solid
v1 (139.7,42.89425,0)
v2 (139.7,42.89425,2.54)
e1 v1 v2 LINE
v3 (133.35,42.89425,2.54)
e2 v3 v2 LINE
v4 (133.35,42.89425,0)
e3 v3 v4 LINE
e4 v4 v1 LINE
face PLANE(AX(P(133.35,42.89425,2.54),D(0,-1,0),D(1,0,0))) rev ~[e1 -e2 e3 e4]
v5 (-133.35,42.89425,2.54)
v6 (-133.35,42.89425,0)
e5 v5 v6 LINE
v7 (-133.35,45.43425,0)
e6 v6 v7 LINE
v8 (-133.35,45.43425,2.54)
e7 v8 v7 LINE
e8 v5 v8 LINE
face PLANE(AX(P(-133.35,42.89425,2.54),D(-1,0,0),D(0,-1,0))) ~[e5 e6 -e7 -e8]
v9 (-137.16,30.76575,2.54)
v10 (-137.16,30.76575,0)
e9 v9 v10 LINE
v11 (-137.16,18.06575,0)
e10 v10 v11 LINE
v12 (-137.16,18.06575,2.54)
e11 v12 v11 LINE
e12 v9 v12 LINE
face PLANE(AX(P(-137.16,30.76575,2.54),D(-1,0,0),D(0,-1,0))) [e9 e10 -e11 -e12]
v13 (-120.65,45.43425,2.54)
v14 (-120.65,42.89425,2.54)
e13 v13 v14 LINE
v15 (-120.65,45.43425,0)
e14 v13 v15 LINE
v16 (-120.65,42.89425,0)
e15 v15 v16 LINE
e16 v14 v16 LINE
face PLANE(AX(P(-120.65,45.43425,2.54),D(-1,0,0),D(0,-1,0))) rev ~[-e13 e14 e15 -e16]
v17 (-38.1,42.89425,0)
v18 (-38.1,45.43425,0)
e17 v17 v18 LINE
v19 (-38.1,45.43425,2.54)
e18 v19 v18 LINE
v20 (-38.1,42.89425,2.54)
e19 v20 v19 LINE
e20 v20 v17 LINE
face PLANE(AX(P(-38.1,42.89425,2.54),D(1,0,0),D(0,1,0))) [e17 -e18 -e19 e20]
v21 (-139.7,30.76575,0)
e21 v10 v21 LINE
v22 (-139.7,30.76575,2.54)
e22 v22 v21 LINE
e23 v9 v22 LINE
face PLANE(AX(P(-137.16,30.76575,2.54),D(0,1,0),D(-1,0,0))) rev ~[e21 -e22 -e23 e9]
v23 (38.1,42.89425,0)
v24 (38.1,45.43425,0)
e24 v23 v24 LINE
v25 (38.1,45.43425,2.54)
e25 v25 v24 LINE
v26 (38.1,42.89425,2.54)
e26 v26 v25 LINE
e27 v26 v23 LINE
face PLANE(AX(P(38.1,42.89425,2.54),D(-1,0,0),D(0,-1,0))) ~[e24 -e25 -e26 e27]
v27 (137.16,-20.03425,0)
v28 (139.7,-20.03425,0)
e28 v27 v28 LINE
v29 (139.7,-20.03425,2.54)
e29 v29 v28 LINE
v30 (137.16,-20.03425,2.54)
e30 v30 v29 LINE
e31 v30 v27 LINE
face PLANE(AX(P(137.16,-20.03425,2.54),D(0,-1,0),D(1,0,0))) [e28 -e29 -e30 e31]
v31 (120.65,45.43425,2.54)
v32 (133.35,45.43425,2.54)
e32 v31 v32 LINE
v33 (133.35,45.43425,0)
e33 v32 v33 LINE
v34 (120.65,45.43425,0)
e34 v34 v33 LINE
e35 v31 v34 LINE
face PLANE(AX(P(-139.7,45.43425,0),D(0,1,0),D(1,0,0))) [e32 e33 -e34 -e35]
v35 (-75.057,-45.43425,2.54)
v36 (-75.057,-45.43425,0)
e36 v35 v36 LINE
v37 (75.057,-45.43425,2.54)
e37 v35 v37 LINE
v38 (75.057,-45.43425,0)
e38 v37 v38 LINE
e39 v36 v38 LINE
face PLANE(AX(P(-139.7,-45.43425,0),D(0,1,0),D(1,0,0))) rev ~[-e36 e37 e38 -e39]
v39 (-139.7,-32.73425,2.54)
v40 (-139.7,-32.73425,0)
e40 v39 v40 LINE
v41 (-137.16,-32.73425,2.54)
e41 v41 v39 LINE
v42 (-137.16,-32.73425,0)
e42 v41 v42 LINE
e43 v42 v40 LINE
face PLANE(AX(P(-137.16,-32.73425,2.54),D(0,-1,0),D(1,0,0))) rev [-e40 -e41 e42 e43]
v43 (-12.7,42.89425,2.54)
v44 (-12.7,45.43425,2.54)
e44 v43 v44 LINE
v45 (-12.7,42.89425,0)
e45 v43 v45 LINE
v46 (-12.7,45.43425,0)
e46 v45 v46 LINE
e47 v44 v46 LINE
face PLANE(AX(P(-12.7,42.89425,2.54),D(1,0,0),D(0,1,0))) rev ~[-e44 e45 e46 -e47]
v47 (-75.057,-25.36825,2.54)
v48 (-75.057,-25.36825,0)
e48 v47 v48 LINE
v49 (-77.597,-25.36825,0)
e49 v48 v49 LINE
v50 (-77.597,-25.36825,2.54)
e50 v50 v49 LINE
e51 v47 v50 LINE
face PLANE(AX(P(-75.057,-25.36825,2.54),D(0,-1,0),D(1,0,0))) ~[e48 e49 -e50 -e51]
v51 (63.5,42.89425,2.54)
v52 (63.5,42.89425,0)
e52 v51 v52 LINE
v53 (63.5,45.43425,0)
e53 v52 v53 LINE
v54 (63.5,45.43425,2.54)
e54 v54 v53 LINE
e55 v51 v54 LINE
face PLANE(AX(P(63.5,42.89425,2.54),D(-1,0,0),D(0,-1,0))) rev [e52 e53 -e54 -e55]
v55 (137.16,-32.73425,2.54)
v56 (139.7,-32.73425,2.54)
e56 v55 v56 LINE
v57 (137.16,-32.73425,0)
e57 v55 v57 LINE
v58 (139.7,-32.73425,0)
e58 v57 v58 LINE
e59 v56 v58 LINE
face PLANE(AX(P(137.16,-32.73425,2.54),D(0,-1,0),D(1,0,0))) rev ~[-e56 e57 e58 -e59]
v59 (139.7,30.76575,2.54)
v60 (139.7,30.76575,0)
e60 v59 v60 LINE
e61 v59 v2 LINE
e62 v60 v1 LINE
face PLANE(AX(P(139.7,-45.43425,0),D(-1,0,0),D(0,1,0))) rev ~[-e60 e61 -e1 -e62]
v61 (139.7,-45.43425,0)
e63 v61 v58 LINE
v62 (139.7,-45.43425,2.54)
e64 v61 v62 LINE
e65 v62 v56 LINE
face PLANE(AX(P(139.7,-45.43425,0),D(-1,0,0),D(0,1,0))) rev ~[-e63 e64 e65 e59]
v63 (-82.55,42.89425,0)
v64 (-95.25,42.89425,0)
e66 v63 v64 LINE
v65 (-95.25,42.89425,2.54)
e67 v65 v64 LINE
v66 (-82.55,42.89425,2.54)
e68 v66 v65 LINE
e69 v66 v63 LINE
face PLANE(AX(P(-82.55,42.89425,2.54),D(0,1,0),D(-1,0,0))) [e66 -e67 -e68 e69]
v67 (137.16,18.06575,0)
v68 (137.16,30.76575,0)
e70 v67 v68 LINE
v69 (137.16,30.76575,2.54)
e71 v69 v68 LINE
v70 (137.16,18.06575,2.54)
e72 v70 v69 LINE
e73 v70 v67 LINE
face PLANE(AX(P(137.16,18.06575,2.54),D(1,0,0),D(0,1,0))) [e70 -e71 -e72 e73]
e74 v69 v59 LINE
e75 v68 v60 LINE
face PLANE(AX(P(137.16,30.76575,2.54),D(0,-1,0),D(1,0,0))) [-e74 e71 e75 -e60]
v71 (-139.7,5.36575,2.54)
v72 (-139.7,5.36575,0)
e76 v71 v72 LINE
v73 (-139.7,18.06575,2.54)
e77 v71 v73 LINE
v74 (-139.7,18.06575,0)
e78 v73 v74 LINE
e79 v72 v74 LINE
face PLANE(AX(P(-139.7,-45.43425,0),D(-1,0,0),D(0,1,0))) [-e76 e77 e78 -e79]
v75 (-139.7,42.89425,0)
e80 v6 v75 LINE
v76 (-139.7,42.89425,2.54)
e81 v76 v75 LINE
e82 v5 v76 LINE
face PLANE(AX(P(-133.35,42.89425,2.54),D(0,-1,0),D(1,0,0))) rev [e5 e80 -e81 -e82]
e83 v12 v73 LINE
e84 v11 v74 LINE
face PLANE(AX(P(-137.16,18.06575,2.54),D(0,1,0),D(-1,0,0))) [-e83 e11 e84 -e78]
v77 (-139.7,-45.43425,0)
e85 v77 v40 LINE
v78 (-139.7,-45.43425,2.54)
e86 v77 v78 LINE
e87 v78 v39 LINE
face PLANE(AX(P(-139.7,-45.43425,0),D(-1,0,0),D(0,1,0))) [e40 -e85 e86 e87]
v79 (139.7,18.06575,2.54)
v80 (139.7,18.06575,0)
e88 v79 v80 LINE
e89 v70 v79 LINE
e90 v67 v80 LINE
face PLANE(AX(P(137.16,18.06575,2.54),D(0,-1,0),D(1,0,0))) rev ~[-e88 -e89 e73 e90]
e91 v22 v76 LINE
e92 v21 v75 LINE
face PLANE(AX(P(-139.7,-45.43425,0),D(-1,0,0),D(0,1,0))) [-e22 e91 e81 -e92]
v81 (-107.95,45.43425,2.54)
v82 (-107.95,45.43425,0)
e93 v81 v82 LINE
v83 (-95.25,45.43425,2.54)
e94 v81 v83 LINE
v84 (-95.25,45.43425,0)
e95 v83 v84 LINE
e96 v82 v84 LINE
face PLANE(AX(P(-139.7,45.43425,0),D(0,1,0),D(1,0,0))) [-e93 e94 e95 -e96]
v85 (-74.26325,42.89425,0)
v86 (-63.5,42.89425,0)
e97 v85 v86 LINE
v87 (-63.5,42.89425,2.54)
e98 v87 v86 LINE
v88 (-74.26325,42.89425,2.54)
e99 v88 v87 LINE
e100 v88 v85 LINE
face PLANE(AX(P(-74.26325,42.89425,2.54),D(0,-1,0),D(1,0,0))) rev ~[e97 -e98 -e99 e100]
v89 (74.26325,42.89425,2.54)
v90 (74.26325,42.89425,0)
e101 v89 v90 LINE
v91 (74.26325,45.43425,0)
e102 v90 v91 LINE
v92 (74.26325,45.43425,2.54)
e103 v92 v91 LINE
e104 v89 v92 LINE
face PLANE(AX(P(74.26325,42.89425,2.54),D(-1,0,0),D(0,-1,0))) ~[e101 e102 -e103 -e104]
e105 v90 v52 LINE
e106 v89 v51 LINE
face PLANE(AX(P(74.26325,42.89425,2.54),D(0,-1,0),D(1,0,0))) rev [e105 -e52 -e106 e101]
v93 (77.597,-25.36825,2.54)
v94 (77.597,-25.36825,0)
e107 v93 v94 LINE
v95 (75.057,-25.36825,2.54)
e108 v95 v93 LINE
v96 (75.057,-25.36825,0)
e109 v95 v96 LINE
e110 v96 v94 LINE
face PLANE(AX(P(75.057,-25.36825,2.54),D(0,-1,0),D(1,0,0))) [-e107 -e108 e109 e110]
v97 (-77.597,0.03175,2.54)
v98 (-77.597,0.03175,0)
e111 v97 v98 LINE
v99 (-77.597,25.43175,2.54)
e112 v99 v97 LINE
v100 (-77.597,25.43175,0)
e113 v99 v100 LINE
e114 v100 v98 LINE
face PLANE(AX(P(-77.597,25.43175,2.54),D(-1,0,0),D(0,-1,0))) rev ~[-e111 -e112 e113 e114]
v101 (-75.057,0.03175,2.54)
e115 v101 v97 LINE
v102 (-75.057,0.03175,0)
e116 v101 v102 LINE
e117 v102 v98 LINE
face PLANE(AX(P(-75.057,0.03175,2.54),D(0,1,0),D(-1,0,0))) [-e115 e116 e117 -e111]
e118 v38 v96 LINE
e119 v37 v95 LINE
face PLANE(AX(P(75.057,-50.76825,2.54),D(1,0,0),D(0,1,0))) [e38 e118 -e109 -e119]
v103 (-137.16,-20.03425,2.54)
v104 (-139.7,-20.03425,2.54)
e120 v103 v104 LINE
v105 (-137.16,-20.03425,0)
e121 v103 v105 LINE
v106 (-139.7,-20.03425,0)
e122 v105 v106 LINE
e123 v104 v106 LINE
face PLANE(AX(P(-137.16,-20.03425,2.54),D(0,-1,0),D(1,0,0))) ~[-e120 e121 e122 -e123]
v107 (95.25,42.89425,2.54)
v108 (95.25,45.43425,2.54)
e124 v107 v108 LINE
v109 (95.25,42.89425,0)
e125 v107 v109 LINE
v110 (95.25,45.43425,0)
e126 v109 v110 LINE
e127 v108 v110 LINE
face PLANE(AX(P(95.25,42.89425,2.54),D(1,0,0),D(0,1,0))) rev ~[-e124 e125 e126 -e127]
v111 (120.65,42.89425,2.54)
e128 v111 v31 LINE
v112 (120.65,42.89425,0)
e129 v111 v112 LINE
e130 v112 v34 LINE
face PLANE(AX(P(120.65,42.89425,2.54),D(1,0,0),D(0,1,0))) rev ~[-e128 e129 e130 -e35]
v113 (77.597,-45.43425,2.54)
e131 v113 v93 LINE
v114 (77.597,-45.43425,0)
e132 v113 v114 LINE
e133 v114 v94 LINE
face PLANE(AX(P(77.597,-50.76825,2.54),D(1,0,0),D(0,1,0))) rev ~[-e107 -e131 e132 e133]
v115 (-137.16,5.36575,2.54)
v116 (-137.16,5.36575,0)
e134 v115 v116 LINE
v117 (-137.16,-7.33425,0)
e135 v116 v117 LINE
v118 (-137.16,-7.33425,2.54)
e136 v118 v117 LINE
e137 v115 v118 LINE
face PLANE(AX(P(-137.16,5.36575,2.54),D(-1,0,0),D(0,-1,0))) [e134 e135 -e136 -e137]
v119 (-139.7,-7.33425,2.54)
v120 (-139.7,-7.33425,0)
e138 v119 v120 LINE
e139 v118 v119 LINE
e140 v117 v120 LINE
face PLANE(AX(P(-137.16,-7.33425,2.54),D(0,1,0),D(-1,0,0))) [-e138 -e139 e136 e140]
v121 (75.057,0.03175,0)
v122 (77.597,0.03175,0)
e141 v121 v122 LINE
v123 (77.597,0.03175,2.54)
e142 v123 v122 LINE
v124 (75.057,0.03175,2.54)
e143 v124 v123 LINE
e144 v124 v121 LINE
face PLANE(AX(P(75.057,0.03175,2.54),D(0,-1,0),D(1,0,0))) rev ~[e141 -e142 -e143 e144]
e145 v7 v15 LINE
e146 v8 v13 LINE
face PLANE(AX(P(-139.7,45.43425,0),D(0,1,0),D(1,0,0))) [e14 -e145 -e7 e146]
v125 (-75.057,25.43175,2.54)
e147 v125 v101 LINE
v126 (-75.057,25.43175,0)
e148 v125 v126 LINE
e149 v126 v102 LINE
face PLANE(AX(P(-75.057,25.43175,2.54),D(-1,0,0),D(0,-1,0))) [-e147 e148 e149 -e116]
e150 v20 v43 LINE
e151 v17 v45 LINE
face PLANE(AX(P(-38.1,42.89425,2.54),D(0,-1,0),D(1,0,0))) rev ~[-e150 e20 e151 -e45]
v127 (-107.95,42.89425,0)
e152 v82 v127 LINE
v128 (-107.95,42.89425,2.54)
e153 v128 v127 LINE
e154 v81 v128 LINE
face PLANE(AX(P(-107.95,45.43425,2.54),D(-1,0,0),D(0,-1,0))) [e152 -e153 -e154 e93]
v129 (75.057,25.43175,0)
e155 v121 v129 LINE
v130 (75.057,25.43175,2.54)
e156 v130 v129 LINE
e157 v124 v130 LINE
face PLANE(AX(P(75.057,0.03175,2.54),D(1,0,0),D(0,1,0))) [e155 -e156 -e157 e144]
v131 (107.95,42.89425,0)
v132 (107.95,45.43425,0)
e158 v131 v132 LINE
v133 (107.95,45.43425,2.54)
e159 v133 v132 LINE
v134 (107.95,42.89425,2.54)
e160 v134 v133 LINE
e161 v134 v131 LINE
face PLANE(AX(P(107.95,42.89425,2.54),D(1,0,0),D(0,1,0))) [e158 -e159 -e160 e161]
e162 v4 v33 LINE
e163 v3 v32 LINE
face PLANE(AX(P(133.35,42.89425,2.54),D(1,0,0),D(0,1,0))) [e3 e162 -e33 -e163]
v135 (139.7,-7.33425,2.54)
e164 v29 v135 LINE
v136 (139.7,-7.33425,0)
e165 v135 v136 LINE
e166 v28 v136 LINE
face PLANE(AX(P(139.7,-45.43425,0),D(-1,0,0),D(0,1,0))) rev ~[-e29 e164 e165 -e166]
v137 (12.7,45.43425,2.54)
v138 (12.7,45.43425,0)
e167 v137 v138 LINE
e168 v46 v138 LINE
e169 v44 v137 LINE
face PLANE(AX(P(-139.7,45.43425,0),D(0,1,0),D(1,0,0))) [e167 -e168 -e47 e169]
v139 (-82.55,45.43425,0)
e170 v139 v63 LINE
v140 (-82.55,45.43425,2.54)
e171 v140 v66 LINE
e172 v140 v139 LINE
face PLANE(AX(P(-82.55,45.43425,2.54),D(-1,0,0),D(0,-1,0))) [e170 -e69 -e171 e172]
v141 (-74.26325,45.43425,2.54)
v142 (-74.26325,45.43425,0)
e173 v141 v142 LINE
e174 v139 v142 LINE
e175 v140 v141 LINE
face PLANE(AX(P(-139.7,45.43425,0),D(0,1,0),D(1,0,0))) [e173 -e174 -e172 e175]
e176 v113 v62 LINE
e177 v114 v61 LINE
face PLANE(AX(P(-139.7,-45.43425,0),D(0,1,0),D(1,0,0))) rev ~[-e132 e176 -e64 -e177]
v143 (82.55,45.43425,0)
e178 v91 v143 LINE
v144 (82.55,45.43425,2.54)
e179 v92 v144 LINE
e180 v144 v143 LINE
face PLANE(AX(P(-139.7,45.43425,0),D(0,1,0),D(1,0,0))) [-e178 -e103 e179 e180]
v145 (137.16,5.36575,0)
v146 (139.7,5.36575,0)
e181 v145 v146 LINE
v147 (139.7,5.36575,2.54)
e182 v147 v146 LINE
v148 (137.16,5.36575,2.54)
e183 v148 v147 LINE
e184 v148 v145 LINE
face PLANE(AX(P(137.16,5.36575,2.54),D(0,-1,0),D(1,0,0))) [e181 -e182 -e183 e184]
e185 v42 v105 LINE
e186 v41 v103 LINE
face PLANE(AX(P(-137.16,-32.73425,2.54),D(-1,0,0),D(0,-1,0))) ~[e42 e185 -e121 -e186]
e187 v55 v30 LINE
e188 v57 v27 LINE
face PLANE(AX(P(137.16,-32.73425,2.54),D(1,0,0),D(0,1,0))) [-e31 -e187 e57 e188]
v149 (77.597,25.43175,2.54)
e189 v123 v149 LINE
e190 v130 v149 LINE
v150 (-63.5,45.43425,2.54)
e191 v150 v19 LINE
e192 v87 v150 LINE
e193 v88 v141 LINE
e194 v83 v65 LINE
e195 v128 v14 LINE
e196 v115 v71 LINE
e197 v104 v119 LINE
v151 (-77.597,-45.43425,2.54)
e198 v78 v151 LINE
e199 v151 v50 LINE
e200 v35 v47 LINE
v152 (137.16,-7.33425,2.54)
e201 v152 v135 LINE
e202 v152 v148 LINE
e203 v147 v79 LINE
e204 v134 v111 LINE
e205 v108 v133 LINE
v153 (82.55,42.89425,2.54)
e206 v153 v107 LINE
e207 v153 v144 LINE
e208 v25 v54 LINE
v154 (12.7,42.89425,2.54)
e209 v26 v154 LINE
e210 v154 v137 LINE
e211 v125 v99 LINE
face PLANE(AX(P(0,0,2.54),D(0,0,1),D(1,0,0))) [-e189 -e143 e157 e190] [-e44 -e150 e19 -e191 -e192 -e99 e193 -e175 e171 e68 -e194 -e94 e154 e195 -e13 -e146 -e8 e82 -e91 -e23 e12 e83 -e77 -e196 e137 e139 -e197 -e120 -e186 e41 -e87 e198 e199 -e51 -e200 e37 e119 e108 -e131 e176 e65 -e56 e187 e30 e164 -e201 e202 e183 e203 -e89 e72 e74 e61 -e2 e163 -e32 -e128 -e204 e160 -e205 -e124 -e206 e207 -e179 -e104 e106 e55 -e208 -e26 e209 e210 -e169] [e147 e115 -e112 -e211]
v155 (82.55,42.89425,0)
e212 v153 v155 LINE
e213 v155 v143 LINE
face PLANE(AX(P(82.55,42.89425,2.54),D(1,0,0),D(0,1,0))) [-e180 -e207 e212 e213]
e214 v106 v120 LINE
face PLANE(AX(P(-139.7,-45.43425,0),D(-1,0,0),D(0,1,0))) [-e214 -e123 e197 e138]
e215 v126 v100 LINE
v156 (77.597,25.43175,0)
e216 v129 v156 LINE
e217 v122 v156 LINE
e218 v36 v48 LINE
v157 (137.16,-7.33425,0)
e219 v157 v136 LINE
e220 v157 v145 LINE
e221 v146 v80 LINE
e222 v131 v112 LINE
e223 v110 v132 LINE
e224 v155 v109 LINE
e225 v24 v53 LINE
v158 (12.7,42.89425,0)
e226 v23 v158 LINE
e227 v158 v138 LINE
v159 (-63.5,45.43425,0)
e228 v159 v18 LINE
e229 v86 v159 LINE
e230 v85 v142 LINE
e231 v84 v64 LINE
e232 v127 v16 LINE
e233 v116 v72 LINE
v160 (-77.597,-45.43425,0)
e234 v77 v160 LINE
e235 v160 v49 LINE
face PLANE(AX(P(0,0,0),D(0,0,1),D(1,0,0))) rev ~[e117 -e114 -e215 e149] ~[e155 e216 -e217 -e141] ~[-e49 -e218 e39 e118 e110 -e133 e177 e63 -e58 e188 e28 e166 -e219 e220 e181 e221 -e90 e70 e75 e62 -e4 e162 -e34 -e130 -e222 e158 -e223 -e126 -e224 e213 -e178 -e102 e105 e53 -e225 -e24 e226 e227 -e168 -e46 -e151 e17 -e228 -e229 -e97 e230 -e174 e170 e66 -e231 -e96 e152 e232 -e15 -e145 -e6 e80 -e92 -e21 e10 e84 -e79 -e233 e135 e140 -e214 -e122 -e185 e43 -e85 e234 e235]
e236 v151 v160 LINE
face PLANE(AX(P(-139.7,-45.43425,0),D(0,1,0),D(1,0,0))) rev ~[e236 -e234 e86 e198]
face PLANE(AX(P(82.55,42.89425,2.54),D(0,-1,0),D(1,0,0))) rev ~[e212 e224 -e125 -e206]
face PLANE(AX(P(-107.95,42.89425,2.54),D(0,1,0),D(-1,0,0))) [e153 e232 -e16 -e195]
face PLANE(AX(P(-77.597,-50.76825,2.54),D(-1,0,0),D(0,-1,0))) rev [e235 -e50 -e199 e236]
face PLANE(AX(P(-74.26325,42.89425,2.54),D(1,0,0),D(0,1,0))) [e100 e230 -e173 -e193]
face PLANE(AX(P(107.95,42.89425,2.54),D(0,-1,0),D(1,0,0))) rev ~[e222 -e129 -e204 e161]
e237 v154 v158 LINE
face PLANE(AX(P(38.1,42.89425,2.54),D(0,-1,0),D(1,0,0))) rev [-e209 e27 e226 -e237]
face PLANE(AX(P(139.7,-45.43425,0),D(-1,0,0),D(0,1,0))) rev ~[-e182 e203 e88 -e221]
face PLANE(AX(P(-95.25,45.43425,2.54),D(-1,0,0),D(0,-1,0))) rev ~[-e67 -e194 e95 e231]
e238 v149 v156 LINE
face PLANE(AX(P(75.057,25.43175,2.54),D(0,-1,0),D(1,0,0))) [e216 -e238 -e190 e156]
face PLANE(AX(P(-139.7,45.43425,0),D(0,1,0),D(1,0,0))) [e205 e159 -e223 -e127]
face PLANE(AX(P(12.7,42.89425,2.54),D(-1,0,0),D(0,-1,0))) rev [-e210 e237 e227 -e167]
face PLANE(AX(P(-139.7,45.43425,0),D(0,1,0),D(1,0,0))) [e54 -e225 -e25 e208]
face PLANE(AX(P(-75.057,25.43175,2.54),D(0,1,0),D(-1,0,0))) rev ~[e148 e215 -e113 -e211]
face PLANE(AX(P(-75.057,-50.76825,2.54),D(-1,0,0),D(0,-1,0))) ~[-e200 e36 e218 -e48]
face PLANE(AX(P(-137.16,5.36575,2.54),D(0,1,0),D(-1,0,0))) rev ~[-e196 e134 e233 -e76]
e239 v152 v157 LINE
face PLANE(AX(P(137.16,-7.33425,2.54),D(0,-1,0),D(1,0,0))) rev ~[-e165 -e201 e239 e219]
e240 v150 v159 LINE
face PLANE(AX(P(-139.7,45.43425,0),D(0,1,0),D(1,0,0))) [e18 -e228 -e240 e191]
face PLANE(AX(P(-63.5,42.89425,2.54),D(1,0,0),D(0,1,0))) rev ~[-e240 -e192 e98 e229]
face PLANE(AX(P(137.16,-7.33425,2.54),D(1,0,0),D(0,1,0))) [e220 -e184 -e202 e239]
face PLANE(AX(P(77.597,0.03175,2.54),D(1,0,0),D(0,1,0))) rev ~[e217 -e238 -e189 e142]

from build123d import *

# Parameters (mm, degrees)
SKETCH1_W               = 279.4
SKETCH1_H               = 90.8685
BOSS_EXTRUDE1_DEPTH     = 2.54
SKETCH2_W               = 12.7
SKETCH2_H               = 2.54
CUT_EXTRUDE1_DEPTH      = 147.92451352
LPATTERN1_COUNT         = 3
LPATTERN1_PITCH         = 25.4
MIRROR1_COPY_1_SKETCH_W = 12.7
MIRROR1_COPY_1_SKETCH_H = 2.54
MIRROR1_COPY_1_DEPTH    = 147.92451352
MIRROR1_COPY_2_SKETCH_W = 12.7
MIRROR1_COPY_2_SKETCH_H = 2.54
MIRROR1_COPY_2_DEPTH    = 147.92451352
SKETCH3_W               = 2.54
SKETCH3_H               = 25.4
CUT_EXTRUDE2_DEPTH      = 147.92451352
LPATTERN2_COUNT         = 2
LPATTERN2_PITCH         = 50.8
MIRROR2_COPY_1_SKETCH_W = 2.54
MIRROR2_COPY_1_SKETCH_H = 25.4
MIRROR2_COPY_1_DEPTH    = 147.92451352
SKETCH4_W               = 2.54
SKETCH4_H               = 12.7
CUT_EXTRUDE3_DEPTH      = 147.92451352
LPATTERN3_COUNT         = 3
LPATTERN3_PITCH         = 25.4
MIRROR3_COPY_1_SKETCH_W = 2.54
MIRROR3_COPY_1_SKETCH_H = 12.7
MIRROR3_COPY_1_DEPTH    = 147.92451352
MIRROR3_COPY_2_SKETCH_W = 2.54
MIRROR3_COPY_2_SKETCH_H = 12.7
MIRROR3_COPY_2_DEPTH    = 147.92451352
SKETCH5_W               = 25.4
SKETCH5_H               = 2.54
SKETCH5_W_2             = 10.76325
CUT_EXTRUDE4_DEPTH      = 147.92451352


with BuildPart() as part:
    # Sketch1 → Boss-Extrude1 (new body)
    with BuildSketch(Plane.XY):
        Rectangle(SKETCH1_W, SKETCH1_H)
    extrude(amount=BOSS_EXTRUDE1_DEPTH)

    # Sketch2 → Cut-Extrude1 (cut, through all)
    with BuildSketch(Plane.XY.offset(2.54)):
        with Locations((139.7, 44.16425)):
            Rectangle(SKETCH2_W, SKETCH2_H)
    cut_extrude1 = extrude(amount=-CUT_EXTRUDE1_DEPTH, mode=Mode.SUBTRACT)

    # LPattern1: Cut-Extrude1 ×3
    with Locations(*[(-i * LPATTERN1_PITCH, 0, 0) for i in range(1, LPATTERN1_COUNT)]):
        add(cut_extrude1, mode=Mode.SUBTRACT)

    # Mirror1: Cut-Extrude1 across plane
    add(cut_extrude1.mirror(Plane(origin=(0, 0, 0), x_dir=(0, 0, 1), z_dir=(1, 0, 0))), mode=Mode.SUBTRACT)

    # Mirror1 copy 1 sketch → Mirror1 copy 1 (cut, through all)
    with BuildSketch(Plane(origin=(25.4, 0, 2.54), x_dir=(-1, 0, 0), z_dir=(0, 0, 1))):
        with Locations((139.7, -44.16425)):
            Rectangle(MIRROR1_COPY_1_SKETCH_W, MIRROR1_COPY_1_SKETCH_H)
    extrude(amount=-MIRROR1_COPY_1_DEPTH, mode=Mode.SUBTRACT)

    # Mirror1 copy 2 sketch → Mirror1 copy 2 (cut, through all)
    with BuildSketch(Plane(origin=(50.8, 0, 2.54), x_dir=(-1, 0, 0), z_dir=(0, 0, 1))):
        with Locations((139.7, -44.16425)):
            Rectangle(MIRROR1_COPY_2_SKETCH_W, MIRROR1_COPY_2_SKETCH_H)
    extrude(amount=-MIRROR1_COPY_2_DEPTH, mode=Mode.SUBTRACT)

    # Sketch3 → Cut-Extrude2 (cut, through all)
    with BuildSketch(Plane.XY.offset(2.54)):
        with Locations((76.327, -38.06825)):
            Rectangle(SKETCH3_W, SKETCH3_H)
    cut_extrude2 = extrude(amount=-CUT_EXTRUDE2_DEPTH, mode=Mode.SUBTRACT)

    # LPattern2: Cut-Extrude2 ×2
    with Locations(*[(0, i * LPATTERN2_PITCH, 0) for i in range(1, LPATTERN2_COUNT)]):
        add(cut_extrude2, mode=Mode.SUBTRACT)

    # Mirror2: Cut-Extrude2 across plane
    add(cut_extrude2.mirror(Plane(origin=(0, 0, 0), x_dir=(0, 0, 1), z_dir=(1, 0, 0))), mode=Mode.SUBTRACT)

    # Mirror2 copy 1 sketch → Mirror2 copy 1 (cut, through all)
    with BuildSketch(Plane(origin=(0, 50.8, 2.54), x_dir=(-1, 0, 0), z_dir=(0, 0, 1))):
        with Locations((76.327, 38.06825)):
            Rectangle(MIRROR2_COPY_1_SKETCH_W, MIRROR2_COPY_1_SKETCH_H)
    extrude(amount=-MIRROR2_COPY_1_DEPTH, mode=Mode.SUBTRACT)

    # Sketch4 → Cut-Extrude3 (cut, through all)
    with BuildSketch(Plane.XY.offset(2.54)):
        with Locations((138.43, -26.38425)):
            Rectangle(SKETCH4_W, SKETCH4_H)
    cut_extrude3 = extrude(amount=-CUT_EXTRUDE3_DEPTH, mode=Mode.SUBTRACT)

    # LPattern3: Cut-Extrude3 ×3
    with Locations(*[(0, i * LPATTERN3_PITCH, 0) for i in range(1, LPATTERN3_COUNT)]):
        add(cut_extrude3, mode=Mode.SUBTRACT)

    # Mirror3: Cut-Extrude3 across plane
    add(cut_extrude3.mirror(Plane(origin=(0, 0, 0), x_dir=(0, 0, 1), z_dir=(1, 0, 0))), mode=Mode.SUBTRACT)

    # Mirror3 copy 1 sketch → Mirror3 copy 1 (cut, through all)
    with BuildSketch(Plane(origin=(0, 25.4, 2.54), x_dir=(-1, 0, 0), z_dir=(0, 0, 1))):
        with Locations((138.43, 26.38425)):
            Rectangle(MIRROR3_COPY_1_SKETCH_W, MIRROR3_COPY_1_SKETCH_H)
    extrude(amount=-MIRROR3_COPY_1_DEPTH, mode=Mode.SUBTRACT)

    # Mirror3 copy 2 sketch → Mirror3 copy 2 (cut, through all)
    with BuildSketch(Plane(origin=(0, 50.8, 2.54), x_dir=(-1, 0, 0), z_dir=(0, 0, 1))):
        with Locations((138.43, 26.38425)):
            Rectangle(MIRROR3_COPY_2_SKETCH_W, MIRROR3_COPY_2_SKETCH_H)
    extrude(amount=-MIRROR3_COPY_2_DEPTH, mode=Mode.SUBTRACT)

    # Sketch5 → Cut-Extrude4 (cut, through all)
    with BuildSketch(Plane.XY.offset(2.54)):
        with Locations((-25.4, 44.16425)):
            Rectangle(SKETCH5_W, SKETCH5_H)
        with Locations((-68.881625, 44.16425)):
            Rectangle(SKETCH5_W_2, SKETCH5_H)
    cut_extrude4 = extrude(amount=-CUT_EXTRUDE4_DEPTH, mode=Mode.SUBTRACT)

    # Mirror4: Cut-Extrude4 across plane
    add(cut_extrude4.mirror(Plane(origin=(0, 0, 0), x_dir=(0, 0, 1), z_dir=(1, 0, 0))), mode=Mode.SUBTRACT)


solid = part.part
